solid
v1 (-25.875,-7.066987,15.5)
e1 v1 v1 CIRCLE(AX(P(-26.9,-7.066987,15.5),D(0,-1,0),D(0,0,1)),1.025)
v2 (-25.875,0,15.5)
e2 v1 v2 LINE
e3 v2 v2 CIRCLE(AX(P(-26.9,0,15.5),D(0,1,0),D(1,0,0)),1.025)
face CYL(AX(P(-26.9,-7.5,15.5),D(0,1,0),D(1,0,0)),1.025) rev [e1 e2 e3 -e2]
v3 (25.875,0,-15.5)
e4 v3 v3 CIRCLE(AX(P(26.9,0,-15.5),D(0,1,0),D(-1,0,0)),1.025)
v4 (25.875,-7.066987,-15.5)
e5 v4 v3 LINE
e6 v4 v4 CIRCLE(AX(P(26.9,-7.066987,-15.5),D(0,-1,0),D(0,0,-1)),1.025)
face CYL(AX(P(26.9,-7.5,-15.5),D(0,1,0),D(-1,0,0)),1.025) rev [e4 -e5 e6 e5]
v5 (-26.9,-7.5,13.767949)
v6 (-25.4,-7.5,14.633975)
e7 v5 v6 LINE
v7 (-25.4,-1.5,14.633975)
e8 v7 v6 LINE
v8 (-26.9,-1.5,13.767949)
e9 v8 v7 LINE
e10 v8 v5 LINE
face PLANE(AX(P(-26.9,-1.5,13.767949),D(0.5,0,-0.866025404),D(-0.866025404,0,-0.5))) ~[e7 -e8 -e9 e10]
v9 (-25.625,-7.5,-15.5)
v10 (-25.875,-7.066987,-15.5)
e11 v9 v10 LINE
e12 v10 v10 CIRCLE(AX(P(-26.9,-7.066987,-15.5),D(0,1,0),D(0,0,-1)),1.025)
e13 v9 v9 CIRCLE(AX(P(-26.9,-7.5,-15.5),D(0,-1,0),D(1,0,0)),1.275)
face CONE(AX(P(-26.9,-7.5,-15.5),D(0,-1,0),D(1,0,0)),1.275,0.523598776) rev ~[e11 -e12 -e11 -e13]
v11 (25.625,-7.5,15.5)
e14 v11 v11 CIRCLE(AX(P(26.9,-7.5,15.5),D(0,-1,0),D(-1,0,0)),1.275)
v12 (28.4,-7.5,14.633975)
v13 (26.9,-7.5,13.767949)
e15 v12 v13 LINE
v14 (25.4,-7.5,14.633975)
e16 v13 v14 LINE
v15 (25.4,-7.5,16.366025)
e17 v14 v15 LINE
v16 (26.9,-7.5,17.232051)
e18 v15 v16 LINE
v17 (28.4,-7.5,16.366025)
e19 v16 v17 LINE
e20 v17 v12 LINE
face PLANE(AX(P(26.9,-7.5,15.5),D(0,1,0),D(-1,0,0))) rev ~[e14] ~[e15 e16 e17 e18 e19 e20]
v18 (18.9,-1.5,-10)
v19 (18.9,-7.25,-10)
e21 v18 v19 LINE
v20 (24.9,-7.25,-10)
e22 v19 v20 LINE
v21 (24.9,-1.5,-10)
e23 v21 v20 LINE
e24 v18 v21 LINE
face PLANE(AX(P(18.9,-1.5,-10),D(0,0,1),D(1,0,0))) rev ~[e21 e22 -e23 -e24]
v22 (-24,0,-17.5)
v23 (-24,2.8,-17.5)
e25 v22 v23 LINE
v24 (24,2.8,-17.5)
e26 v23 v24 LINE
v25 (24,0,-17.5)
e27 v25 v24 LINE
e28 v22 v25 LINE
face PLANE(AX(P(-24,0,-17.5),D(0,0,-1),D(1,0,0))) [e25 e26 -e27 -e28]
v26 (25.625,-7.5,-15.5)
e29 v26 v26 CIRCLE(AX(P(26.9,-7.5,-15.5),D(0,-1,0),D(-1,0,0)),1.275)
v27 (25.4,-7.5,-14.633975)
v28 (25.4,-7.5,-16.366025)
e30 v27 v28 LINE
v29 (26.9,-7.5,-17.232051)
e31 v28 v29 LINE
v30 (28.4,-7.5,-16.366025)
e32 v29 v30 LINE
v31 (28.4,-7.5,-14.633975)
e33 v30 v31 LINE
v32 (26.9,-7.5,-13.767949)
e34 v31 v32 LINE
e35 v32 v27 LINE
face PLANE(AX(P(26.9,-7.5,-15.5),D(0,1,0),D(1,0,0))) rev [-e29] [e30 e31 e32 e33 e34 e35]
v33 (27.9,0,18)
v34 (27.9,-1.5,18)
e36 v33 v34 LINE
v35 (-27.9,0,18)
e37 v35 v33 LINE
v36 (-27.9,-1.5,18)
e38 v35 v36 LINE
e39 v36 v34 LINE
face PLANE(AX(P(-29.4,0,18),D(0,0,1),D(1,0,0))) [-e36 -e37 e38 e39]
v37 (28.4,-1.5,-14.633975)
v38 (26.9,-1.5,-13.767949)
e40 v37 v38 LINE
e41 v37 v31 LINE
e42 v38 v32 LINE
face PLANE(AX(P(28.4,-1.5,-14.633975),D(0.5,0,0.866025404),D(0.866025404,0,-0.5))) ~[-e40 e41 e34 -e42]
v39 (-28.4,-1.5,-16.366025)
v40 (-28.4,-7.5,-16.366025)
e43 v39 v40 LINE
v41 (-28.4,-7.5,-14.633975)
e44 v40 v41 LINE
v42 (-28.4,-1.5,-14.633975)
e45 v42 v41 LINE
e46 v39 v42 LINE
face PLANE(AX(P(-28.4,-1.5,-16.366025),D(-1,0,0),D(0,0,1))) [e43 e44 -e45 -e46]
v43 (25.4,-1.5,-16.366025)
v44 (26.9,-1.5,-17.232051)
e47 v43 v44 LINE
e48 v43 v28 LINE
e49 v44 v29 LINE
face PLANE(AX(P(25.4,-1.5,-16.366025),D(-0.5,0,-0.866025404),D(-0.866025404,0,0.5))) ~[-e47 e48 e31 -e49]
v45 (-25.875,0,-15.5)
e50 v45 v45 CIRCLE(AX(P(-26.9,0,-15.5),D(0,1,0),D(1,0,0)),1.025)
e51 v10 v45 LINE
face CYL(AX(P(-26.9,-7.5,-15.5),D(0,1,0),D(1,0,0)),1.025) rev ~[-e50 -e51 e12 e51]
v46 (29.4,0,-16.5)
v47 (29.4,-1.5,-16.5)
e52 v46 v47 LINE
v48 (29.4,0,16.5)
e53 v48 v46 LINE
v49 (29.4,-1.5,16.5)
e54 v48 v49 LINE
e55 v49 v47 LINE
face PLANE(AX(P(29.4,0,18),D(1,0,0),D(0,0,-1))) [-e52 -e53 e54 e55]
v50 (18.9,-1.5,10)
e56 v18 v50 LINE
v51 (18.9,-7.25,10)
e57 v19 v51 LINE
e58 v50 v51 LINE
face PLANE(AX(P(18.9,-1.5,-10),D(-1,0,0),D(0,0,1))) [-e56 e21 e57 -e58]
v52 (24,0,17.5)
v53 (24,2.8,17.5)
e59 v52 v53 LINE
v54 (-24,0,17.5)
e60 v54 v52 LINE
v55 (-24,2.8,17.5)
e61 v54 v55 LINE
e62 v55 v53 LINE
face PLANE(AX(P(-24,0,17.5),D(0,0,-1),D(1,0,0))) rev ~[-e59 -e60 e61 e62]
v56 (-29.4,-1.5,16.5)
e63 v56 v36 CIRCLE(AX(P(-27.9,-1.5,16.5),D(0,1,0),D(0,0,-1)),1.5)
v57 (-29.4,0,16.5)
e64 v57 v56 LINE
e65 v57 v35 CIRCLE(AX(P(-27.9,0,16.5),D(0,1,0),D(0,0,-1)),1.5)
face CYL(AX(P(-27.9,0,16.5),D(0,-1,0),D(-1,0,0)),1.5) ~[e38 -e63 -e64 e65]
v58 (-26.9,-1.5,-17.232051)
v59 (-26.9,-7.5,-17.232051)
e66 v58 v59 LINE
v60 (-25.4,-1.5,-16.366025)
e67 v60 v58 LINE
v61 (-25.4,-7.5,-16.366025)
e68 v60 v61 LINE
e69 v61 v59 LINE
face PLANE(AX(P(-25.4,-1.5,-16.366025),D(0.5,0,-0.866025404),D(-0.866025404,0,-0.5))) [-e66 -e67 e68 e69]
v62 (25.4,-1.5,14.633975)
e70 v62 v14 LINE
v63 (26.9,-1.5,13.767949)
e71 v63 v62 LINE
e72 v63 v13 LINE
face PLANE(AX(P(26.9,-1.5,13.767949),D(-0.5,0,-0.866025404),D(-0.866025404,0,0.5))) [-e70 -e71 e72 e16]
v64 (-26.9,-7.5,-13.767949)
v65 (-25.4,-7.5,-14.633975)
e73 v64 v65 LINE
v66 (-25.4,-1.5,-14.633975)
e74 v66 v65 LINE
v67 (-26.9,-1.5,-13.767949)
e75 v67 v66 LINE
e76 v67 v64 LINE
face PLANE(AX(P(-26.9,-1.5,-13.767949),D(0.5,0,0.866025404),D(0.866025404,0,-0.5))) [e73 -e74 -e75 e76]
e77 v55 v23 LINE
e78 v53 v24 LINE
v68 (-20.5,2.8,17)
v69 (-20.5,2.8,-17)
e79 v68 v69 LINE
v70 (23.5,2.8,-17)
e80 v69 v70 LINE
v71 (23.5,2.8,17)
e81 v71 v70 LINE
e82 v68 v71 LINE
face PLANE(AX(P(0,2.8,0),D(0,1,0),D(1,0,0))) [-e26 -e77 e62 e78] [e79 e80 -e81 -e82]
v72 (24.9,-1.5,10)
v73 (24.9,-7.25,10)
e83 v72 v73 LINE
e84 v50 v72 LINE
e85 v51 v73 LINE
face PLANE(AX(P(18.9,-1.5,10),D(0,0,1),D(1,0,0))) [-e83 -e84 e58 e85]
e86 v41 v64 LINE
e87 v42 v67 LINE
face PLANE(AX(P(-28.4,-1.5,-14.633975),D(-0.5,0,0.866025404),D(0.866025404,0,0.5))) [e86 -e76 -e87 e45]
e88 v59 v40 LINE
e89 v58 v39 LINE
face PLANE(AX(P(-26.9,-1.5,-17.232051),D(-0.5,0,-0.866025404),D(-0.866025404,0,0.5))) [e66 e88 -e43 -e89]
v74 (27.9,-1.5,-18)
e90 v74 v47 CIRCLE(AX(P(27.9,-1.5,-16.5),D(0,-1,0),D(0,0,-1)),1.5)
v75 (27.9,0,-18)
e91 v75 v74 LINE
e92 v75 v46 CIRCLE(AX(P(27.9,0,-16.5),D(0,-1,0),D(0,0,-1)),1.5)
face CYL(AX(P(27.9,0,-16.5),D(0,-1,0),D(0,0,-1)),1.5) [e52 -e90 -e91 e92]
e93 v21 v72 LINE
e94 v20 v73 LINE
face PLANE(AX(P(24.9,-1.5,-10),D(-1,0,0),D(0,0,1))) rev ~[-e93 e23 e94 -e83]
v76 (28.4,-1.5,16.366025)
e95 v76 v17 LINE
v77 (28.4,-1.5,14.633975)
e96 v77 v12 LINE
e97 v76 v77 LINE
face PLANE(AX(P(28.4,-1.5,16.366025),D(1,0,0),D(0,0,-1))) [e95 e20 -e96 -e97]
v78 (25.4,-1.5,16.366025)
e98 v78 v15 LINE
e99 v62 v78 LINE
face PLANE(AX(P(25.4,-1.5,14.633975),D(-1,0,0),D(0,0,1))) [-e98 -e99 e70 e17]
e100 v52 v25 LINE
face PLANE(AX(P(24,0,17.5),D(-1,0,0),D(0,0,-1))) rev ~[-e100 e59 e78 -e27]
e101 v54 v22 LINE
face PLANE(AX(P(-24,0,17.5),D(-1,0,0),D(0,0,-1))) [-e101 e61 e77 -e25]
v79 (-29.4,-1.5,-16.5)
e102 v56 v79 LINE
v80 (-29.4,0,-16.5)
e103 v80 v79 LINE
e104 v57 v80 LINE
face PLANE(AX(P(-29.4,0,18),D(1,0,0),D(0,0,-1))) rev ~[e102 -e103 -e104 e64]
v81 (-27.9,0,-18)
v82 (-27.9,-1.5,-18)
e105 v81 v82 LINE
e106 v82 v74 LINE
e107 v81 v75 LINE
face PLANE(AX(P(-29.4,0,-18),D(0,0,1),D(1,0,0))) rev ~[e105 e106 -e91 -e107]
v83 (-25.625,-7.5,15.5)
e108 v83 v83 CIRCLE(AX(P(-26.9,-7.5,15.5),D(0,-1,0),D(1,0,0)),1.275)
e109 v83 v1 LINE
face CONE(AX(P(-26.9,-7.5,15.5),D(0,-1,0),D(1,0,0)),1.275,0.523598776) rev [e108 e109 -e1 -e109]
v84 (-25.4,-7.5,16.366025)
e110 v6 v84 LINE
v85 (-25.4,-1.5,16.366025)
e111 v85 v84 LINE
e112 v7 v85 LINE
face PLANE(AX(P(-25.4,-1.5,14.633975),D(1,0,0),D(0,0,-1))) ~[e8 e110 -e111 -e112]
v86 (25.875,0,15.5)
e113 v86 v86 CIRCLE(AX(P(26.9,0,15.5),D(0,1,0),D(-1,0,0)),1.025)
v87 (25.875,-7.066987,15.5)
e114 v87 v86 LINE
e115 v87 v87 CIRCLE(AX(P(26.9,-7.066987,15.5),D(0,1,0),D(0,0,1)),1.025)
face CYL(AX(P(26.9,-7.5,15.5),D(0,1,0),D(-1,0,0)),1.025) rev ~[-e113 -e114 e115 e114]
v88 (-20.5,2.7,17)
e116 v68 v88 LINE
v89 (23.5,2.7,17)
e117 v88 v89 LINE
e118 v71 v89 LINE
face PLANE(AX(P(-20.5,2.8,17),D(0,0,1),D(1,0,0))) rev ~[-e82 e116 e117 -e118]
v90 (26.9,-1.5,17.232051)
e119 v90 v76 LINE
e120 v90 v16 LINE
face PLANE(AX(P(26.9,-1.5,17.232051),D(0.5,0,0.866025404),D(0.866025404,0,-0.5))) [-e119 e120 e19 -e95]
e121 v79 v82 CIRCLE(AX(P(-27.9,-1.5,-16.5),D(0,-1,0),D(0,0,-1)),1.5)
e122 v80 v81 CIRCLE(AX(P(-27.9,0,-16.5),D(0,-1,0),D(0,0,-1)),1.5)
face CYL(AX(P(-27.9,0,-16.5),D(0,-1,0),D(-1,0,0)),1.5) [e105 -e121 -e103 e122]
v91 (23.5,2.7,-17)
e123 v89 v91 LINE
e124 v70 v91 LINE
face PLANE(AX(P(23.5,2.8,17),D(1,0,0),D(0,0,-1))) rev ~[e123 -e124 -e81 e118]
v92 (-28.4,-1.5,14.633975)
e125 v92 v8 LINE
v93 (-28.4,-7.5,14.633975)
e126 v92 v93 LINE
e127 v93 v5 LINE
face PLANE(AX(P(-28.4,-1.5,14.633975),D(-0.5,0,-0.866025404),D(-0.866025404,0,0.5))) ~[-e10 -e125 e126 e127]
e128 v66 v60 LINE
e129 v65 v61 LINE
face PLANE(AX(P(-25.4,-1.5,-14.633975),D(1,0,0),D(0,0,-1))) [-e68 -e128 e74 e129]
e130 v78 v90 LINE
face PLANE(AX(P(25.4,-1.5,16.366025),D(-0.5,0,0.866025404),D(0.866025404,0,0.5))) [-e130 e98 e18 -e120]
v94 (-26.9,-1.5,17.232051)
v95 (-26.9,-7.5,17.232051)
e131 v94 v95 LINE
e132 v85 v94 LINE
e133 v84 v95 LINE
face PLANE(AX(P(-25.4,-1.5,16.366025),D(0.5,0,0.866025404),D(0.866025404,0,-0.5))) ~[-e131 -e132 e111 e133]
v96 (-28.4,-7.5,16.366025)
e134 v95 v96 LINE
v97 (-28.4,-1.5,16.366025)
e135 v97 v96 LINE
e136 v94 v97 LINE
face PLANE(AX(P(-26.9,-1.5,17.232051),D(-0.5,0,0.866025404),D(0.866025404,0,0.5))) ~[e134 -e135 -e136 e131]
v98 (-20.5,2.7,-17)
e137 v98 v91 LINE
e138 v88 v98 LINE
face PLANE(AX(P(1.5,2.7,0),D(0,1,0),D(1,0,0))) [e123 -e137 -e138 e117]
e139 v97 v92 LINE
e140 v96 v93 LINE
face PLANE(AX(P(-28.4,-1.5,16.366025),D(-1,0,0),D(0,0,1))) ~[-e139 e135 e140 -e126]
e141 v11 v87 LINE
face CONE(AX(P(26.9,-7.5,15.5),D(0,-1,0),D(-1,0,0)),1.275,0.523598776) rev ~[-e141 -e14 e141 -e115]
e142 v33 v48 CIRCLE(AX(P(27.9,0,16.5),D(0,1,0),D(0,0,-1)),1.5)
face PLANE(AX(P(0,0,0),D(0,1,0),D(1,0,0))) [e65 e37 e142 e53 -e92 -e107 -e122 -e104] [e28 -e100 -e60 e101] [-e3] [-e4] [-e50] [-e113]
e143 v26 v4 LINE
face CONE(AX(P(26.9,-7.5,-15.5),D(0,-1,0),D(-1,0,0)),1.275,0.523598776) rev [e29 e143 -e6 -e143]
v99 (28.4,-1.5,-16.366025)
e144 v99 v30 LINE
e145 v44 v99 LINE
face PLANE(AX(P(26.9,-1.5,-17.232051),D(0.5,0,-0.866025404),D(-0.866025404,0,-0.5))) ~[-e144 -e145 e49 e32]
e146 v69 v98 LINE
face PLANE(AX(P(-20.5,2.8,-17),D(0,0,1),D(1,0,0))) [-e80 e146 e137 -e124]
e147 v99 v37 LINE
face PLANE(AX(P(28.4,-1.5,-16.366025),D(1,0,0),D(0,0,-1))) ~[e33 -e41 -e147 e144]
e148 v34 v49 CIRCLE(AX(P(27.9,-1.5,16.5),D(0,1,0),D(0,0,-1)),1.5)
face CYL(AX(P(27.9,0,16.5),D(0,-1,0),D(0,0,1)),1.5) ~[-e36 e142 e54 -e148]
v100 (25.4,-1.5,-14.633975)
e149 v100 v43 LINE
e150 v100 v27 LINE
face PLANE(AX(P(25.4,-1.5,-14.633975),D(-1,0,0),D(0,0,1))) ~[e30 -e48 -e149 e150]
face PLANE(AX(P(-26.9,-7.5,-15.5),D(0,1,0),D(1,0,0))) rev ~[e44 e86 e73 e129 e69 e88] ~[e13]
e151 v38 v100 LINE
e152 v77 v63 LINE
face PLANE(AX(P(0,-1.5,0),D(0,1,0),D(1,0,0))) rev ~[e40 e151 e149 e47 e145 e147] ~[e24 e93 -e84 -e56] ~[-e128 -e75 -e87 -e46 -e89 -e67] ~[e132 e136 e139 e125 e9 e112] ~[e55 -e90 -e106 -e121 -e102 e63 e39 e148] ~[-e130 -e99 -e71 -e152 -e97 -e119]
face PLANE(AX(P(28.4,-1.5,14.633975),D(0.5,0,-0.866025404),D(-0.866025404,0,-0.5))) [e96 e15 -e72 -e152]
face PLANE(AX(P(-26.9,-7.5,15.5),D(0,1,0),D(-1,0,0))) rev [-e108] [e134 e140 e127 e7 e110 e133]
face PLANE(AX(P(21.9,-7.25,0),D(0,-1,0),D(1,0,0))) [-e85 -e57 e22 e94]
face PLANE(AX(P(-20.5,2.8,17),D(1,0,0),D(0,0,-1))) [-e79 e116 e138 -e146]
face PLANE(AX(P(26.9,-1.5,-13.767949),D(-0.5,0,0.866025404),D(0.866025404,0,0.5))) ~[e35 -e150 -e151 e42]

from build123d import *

# Parameters (mm, degrees)
SKETCH1_W                          = 58.8
SKETCH1_H                          = 36
BOSS_EXTRUDE1_DEPTH                = 1.5
SKETCH1_3_W                        = 48
SKETCH1_3_H                        = 35
BOSS_EXTRUDE2_DEPTH                = 2.8
FILLET1_R                          = 1.5
BOSS_EXTRUDE3_START                = -1.5
BOSS_EXTRUDE3_DEPTH                = 6
M2_5X0_45_TAPPED_HOLE1_D           = 2.05
M2_5X0_45_TAPPED_HOLE1_CSINK_D     = 2.55
M2_5X0_45_TAPPED_HOLE1_CSINK_ANGLE = 60
SKETCH5_W                          = 44
SKETCH5_H                          = 34
CUT_EXTRUDE2_DEPTH                 = 0.1
MIRROR3_START                      = -1.5
MIRROR3_COPY_1_DEPTH               = 6
MIRROR3_COPY_2_D                   = 2.05
MIRROR3_COPY_2_CSINK_D             = 2.55
MIRROR3_COPY_2_CSINK_ANGLE         = 60
SKETCH9_W                          = 6
SKETCH9_H                          = 20
BOSS_EXTRUDE4_DEPTH                = 5.75


with BuildPart() as part:
    # Sketch1 → Boss-Extrude1 (new body)
    with BuildSketch(Plane(origin=(0, 0, 0), x_dir=(1, 0, 0), z_dir=(0, 1, 0))):
        Rectangle(SKETCH1_W, SKETCH1_H)
    extrude(amount=-BOSS_EXTRUDE1_DEPTH)

    # Sketch1<3> → Boss-Extrude2 (add)
    with BuildSketch(Plane(origin=(0, 0, 0), x_dir=(1, 0, 0), z_dir=(0, 1, 0))):
        Rectangle(SKETCH1_3_W, SKETCH1_3_H)
    extrude(amount=BOSS_EXTRUDE2_DEPTH)

    # Fillet1
    fillet1_edges = [part.edges().sort_by_distance(p)[0] for p in [
        (-29.4, -0.75, 18),
        (-29.4, -0.75, -18),
        (29.4, -0.75, -18),
        (29.4, -0.75, 18),
    ]]
    fillet(fillet1_edges, radius=FILLET1_R)

    # Sketch3 → Boss-Extrude3 (add)
    with BuildSketch(Plane(origin=(0, 0, 0), x_dir=(1, 0, 0), z_dir=(0, 1, 0)).offset(BOSS_EXTRUDE3_START)):
        Polygon((-26.9, 17.232050808), (-28.4, 16.366025404), (-28.4, 14.633974596), (-26.9, 13.767949192), (-25.4, 14.633974596), (-25.4, 16.366025404), align=None)
    boss_extrude3 = extrude(amount=-BOSS_EXTRUDE3_DEPTH)

    # M2.5x0.45 Tapped Hole1 (through all)
    with Locations(Plane(origin=(0, -7.5, 0), x_dir=(-1, 0, 0), z_dir=(0, -1, 0))):
        with Locations((26.9, 15.5)):
            m2_5x0_45_tapped_hole1 = CounterSinkHole(M2_5X0_45_TAPPED_HOLE1_D / 2, M2_5X0_45_TAPPED_HOLE1_CSINK_D / 2, counter_sink_angle=M2_5X0_45_TAPPED_HOLE1_CSINK_ANGLE)

    # Sketch5 → Cut-Extrude2 (cut)
    with BuildSketch(Plane(origin=(0, 2.8, 0), x_dir=(1, 0, 0), z_dir=(0, 1, 0))):
        with Locations((1.5, 0)):
            Rectangle(SKETCH5_W, SKETCH5_H)
    extrude(amount=-CUT_EXTRUDE2_DEPTH, mode=Mode.SUBTRACT)

    # Mirror2: Boss-Extrude3, M2.5x0.45 Tapped Hole1 across plane
    add(boss_extrude3.mirror(Plane.XY))
    add(m2_5x0_45_tapped_hole1.mirror(Plane.XY), mode=Mode.SUBTRACT)

    # Mirror3: Boss-Extrude3, M2.5x0.45 Tapped Hole1 across plane
    add(boss_extrude3.mirror(Plane(origin=(0, 0, 0), x_dir=(0, 0, 1), z_dir=(1, 0, 0))))
    add(m2_5x0_45_tapped_hole1.mirror(Plane(origin=(0, 0, 0), x_dir=(0, 0, 1), z_dir=(1, 0, 0))), mode=Mode.SUBTRACT)

    # Mirror3 copy 1 sketch → Mirror3 copy 1 (add)
    with BuildSketch(Plane(origin=(0, 0, 0), x_dir=(-1, 0, 0), z_dir=(0, 1, 0)).offset(MIRROR3_START)):
        Polygon((-26.9, 17.232050808), (-28.4, 16.366025404), (-28.4, 14.633974596), (-26.9, 13.767949192), (-25.4, 14.633974596), (-25.4, 16.366025404), align=None)
    extrude(amount=-MIRROR3_COPY_1_DEPTH)

    # Mirror3 copy 2 (through all)
    with Locations(Plane.XZ.offset(7.5)):
        with Locations((26.9, 15.5)):
            CounterSinkHole(MIRROR3_COPY_2_D / 2, MIRROR3_COPY_2_CSINK_D / 2, counter_sink_angle=MIRROR3_COPY_2_CSINK_ANGLE)

    # Sketch9 → Boss-Extrude4 (add)
    with BuildSketch(Plane.XZ.offset(1.5)):
        with Locations((21.9, 0)):
            Rectangle(SKETCH9_W, SKETCH9_H)
    extrude(amount=BOSS_EXTRUDE4_DEPTH)


solid = part.part
